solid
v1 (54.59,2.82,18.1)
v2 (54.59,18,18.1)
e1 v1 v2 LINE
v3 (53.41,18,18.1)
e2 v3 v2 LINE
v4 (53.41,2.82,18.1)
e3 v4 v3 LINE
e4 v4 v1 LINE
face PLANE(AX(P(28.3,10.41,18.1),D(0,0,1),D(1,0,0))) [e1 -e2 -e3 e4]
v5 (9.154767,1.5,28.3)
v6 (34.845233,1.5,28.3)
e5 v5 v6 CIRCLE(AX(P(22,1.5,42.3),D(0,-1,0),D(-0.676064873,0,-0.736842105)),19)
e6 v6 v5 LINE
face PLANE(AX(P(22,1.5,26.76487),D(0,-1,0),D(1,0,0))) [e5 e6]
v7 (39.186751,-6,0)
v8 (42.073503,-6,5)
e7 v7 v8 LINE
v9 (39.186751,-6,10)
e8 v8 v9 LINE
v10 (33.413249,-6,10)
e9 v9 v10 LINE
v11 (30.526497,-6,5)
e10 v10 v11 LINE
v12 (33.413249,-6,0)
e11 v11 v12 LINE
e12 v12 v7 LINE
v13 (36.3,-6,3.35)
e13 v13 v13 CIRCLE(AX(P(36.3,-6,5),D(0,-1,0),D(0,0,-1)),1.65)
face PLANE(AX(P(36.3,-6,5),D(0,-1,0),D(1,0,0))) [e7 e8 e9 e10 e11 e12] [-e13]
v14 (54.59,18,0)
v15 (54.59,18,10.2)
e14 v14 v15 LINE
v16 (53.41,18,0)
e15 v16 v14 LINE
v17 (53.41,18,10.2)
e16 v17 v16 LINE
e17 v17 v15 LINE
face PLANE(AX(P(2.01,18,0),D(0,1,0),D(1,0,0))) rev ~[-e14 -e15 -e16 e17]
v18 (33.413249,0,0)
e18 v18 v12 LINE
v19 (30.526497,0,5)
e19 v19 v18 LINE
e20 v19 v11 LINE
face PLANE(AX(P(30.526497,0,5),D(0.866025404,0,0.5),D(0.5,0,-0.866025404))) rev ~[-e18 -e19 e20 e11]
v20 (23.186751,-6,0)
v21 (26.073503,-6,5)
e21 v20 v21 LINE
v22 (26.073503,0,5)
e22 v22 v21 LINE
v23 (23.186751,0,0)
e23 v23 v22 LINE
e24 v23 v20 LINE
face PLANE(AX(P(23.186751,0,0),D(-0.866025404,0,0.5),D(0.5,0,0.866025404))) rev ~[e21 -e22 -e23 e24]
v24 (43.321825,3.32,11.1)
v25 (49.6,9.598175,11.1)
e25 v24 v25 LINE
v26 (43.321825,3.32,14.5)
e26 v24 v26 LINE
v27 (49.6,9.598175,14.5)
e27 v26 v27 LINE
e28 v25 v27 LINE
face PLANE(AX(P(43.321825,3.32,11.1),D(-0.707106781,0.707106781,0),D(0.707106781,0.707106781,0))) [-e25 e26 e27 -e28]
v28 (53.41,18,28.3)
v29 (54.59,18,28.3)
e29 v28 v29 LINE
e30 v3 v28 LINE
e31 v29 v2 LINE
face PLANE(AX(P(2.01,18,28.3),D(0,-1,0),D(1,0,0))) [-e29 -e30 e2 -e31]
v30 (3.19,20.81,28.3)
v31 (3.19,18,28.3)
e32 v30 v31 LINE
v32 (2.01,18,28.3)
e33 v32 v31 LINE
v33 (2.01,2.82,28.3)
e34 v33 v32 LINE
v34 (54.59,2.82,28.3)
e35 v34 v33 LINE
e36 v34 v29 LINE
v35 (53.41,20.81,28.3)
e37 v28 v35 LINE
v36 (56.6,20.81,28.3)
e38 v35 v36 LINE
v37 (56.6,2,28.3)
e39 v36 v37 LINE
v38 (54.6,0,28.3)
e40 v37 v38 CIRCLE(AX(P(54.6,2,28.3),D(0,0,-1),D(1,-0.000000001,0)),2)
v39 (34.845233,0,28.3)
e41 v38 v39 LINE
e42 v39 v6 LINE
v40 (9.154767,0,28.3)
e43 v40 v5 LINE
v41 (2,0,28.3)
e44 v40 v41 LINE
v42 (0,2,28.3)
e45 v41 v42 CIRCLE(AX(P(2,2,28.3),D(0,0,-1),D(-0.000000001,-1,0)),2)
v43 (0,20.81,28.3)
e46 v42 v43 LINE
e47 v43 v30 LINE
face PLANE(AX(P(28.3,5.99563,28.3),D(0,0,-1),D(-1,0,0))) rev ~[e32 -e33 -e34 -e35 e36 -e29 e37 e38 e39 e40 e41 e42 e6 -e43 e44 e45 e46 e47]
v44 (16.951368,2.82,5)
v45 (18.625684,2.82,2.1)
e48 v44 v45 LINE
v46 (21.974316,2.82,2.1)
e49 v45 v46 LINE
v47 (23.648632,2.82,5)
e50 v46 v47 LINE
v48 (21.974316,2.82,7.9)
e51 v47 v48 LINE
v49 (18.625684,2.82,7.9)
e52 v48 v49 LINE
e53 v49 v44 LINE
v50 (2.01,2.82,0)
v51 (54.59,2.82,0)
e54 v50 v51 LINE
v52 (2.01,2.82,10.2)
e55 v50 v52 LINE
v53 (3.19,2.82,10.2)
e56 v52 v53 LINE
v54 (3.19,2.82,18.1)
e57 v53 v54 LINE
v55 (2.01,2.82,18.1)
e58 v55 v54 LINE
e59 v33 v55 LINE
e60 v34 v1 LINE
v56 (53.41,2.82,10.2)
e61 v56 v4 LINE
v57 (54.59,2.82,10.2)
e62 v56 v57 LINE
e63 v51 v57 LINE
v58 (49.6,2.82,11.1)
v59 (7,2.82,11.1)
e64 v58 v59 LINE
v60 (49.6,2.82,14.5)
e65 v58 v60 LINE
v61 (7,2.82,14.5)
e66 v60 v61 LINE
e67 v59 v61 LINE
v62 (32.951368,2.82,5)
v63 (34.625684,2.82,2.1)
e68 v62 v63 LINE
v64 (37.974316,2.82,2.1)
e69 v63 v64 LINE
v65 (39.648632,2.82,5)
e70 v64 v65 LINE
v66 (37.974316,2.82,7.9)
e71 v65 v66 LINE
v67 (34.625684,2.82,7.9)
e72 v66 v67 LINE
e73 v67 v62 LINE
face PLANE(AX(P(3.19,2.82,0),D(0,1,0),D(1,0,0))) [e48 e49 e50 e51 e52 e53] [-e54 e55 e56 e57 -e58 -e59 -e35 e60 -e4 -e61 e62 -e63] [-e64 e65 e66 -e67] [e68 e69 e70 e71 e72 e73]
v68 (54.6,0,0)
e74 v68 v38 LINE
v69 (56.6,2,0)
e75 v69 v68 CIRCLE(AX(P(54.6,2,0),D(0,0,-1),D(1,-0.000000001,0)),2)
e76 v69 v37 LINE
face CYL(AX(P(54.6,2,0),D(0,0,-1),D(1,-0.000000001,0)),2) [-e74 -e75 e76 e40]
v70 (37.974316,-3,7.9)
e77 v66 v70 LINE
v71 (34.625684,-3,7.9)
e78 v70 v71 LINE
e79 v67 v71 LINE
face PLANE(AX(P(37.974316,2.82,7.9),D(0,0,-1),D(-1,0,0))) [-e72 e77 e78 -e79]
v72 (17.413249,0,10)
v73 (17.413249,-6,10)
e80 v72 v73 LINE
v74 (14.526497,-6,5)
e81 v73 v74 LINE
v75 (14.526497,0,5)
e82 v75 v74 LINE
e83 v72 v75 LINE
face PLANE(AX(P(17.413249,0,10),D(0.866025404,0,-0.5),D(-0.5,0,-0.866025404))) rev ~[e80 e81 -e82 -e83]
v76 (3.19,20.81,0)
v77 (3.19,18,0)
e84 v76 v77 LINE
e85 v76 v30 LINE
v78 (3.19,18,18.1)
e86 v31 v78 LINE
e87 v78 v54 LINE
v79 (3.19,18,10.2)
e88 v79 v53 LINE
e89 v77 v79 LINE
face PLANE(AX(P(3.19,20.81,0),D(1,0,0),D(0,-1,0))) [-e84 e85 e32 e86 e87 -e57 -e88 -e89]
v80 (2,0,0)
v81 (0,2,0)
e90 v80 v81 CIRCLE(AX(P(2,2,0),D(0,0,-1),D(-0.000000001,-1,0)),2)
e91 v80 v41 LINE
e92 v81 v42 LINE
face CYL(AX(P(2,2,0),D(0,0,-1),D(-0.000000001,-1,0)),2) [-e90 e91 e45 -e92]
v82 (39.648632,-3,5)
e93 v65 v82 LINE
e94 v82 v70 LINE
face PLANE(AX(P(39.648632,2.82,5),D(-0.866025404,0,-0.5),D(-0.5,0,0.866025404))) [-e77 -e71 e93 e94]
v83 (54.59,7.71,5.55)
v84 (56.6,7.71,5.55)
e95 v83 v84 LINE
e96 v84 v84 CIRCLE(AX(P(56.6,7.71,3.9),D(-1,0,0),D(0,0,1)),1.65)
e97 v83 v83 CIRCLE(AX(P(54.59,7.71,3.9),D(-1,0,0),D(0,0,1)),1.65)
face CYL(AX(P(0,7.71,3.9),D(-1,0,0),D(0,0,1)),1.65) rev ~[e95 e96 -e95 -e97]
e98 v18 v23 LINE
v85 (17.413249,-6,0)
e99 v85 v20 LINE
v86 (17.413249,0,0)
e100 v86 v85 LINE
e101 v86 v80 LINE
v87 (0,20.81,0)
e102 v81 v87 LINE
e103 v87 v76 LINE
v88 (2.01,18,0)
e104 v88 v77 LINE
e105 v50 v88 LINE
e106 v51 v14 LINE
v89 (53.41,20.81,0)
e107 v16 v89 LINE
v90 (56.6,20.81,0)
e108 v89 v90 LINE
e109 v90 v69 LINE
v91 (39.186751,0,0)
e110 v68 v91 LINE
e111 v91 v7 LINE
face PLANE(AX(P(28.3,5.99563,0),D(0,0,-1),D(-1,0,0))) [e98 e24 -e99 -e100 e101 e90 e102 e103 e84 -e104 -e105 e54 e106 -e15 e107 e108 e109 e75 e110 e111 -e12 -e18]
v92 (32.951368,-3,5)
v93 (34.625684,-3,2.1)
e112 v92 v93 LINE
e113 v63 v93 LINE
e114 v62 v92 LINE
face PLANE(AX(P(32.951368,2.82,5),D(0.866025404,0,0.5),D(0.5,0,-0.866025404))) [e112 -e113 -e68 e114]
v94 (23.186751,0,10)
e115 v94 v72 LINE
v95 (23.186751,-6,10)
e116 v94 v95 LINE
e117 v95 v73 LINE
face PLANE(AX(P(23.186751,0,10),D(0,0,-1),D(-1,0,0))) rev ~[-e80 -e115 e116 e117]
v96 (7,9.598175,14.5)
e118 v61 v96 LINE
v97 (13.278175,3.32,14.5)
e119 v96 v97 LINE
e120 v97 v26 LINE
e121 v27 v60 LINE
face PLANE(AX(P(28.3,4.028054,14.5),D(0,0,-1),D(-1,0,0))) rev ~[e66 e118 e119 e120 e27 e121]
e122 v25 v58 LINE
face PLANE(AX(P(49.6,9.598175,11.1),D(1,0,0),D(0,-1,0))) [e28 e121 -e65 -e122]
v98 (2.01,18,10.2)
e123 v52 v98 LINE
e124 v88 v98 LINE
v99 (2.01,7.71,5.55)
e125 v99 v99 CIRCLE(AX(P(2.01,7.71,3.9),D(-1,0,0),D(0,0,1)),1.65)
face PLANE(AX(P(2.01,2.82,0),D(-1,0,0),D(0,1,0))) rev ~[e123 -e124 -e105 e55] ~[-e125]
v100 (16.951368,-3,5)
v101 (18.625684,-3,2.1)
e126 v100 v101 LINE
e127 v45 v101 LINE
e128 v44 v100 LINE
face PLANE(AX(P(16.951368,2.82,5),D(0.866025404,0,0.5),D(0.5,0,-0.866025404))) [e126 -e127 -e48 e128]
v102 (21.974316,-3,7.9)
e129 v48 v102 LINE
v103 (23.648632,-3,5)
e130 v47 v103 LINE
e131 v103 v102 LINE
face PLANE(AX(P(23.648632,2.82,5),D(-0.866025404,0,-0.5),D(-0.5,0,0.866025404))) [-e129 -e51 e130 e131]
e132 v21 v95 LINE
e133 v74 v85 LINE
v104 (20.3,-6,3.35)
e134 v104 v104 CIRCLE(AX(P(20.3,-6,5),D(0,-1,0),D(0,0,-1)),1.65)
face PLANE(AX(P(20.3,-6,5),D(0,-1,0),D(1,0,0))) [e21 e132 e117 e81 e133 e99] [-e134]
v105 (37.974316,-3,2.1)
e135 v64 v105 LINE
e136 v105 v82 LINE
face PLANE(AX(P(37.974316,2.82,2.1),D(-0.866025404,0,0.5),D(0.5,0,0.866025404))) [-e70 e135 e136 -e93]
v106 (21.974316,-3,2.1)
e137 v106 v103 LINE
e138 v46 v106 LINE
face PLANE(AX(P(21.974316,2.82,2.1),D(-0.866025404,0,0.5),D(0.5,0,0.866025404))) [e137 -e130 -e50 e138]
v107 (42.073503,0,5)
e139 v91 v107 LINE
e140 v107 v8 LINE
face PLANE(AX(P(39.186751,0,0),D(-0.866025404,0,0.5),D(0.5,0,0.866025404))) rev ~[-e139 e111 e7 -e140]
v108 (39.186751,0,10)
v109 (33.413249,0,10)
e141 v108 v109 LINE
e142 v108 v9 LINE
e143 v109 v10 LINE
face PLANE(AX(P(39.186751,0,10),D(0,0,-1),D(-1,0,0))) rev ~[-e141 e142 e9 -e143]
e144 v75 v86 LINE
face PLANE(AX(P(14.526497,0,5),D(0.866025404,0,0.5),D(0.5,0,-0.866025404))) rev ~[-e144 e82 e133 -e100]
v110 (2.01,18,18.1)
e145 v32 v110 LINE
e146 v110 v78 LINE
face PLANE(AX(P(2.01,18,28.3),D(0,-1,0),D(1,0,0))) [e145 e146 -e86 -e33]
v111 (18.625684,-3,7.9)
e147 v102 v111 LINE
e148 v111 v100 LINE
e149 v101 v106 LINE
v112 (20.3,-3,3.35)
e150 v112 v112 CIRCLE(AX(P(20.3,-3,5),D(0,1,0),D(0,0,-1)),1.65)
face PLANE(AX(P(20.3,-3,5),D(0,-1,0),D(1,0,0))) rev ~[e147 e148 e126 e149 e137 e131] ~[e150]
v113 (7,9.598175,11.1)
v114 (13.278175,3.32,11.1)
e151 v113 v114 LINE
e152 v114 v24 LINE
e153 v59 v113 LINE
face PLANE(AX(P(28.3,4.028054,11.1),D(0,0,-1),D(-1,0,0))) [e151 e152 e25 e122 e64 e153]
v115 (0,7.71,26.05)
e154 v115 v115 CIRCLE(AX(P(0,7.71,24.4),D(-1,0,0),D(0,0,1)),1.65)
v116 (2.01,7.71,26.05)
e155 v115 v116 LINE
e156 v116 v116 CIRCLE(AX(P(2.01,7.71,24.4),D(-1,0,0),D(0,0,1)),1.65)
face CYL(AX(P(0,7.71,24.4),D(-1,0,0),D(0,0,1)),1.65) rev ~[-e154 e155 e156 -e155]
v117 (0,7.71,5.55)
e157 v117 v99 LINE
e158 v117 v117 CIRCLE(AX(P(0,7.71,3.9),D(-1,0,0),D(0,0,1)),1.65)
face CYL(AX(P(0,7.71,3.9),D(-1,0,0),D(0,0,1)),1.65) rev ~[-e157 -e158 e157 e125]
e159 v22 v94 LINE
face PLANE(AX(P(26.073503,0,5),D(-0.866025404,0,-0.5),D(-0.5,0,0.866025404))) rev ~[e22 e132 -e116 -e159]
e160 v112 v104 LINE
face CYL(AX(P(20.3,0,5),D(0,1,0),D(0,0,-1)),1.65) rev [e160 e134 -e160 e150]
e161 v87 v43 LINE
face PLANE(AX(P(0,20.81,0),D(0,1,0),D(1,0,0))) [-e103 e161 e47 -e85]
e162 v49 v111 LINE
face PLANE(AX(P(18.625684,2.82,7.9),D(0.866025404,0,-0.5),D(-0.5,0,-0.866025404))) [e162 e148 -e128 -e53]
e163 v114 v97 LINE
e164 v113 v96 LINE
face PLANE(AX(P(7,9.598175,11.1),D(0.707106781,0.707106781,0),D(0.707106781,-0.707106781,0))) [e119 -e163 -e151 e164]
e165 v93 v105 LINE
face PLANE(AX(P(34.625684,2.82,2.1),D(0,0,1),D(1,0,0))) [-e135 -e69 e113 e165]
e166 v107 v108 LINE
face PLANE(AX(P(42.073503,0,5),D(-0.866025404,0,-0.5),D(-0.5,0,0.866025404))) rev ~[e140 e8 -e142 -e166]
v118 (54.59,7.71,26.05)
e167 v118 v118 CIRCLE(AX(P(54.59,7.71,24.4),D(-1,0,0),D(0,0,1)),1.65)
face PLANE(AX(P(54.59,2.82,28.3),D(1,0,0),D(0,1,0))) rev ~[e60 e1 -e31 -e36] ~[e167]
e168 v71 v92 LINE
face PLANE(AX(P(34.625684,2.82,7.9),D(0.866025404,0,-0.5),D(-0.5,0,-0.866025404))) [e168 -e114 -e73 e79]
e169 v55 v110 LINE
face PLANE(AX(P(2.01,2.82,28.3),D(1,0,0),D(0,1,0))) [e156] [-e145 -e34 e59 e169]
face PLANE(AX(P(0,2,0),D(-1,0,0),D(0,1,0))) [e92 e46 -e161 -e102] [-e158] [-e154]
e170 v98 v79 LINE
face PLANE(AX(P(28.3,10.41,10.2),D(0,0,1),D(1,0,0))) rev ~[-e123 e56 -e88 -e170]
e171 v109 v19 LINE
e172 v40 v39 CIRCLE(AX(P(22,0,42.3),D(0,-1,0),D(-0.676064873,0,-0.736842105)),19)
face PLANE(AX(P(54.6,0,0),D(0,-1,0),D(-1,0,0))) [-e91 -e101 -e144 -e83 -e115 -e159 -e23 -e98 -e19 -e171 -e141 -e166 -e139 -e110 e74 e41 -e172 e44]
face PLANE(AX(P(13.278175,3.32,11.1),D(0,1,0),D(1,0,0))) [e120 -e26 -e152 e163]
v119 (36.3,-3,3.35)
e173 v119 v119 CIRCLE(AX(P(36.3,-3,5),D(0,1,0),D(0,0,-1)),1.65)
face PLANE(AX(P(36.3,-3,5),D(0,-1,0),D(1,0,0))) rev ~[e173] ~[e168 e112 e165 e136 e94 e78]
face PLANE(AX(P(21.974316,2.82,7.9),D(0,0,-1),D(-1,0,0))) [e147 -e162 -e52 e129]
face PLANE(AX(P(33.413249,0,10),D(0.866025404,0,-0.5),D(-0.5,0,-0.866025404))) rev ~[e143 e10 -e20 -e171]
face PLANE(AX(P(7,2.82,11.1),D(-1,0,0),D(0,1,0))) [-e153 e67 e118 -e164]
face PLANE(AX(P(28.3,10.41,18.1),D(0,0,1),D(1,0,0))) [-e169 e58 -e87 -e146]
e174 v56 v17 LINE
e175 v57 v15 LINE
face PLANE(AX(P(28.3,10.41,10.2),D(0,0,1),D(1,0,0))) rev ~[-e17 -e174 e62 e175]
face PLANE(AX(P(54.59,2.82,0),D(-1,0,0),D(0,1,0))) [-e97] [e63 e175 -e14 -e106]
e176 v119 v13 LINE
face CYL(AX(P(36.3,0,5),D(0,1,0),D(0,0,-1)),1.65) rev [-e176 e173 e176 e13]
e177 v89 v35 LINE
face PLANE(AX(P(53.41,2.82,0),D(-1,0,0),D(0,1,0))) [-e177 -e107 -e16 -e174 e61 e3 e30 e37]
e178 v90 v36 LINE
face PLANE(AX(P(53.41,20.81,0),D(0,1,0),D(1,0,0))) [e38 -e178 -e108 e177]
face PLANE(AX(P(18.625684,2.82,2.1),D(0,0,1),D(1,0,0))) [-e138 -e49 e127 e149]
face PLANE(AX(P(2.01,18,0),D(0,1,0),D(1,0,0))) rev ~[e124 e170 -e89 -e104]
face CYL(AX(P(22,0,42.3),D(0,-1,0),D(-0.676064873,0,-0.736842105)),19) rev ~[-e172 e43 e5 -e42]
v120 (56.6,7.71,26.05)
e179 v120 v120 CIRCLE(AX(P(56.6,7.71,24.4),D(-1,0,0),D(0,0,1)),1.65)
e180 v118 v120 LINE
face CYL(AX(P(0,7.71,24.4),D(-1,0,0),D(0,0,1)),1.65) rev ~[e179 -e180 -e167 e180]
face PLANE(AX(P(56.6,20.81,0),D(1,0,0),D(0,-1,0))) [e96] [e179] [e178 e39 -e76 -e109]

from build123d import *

# Parameters (mm, degrees)
BOSS_EXTRUDE1_DEPTH = 28.3
SKETCH2_W           = 52.58
SKETCH2_H           = 15.18
CUT_EXTRUDE1_DEPTH  = 10.2
CUT_EXTRUDE2_START  = 28.3
SKETCH2_2_W         = 52.58
SKETCH2_2_H         = 15.18
CUT_EXTRUDE2_DEPTH  = 10.2
CUT_EXTRUDE3_REACH  = 68.615
SKETCH3_R           = 1.65
BOSS_EXTRUDE2_START = 11.1
BOSS_EXTRUDE2_DEPTH = 3.4
CUT_EXTRUDE4_DEPTH  = 1.5
SKETCH6_R           = 1.65
BOSS_EXTRUDE3_DEPTH = 6
CUT_EXTRUDE5_START  = -8.82
CUT_EXTRUDE5_DEPTH  = 5.82


with BuildPart() as part:
    # Sketch1 → Boss-Extrude1 (new body)
    with BuildSketch(Plane.XY):
        with BuildLine():
            Line((0, 20.81), (3.19, 20.81))
            Line((3.19, 20.81), (3.19, 2.82))
            Line((3.19, 2.82), (53.41, 2.82))
            Line((53.41, 2.82), (53.41, 20.81))
            Line((53.41, 20.81), (56.6, 20.81))
            Line((56.6, 20.81), (56.6, 2))
            ThreePointArc((56.6, 2), (56.014213562, 0.585786438), (54.6, 0))
            Line((54.6, 0), (2, 0))
            ThreePointArc((2, 0), (0.585786438, 0.585786438), (0, 2))
            Line((0, 2), (0, 20.81))
        make_face()
    extrude(amount=BOSS_EXTRUDE1_DEPTH)

    # Sketch2 → Cut-Extrude1 (cut)
    with BuildSketch(Plane.XY):
        with Locations((28.3, 10.41)):
            Rectangle(SKETCH2_W, SKETCH2_H)
    extrude(amount=CUT_EXTRUDE1_DEPTH, mode=Mode.SUBTRACT)

    # Sketch2<2> → Cut-Extrude2 (cut)
    with BuildSketch(Plane.XY.offset(CUT_EXTRUDE2_START)):
        with Locations((28.3, 10.41)):
            Rectangle(SKETCH2_2_W, SKETCH2_2_H)
    extrude(amount=-CUT_EXTRUDE2_DEPTH, mode=Mode.SUBTRACT)

    # Cut-Extrude3: up to this face of the body (flat: up to its plane)
    cut_extrude3_end = Plane(part.part.faces().sort_by_distance((56.6, 11.405, 14.15))[0])
    # Sketch3 → Cut-Extrude3 (cut, up to the picked face)
    with BuildSketch(Plane.ZY, mode=Mode.PRIVATE) as cut_extrude3_sk1:
        with Locations((3.9, 7.71)):
            Circle(SKETCH3_R)
    cut_extrude3_tool1 = split(extrude(cut_extrude3_sk1.sketch, amount=-CUT_EXTRUDE3_REACH, mode=Mode.PRIVATE), bisect_by=cut_extrude3_end, keep=Keep.BOTH, mode=Mode.PRIVATE)
    # Sketch3 → Cut-Extrude3 (cut, up to the picked face)
    with BuildSketch(Plane.ZY, mode=Mode.PRIVATE) as cut_extrude3_sk2:
        with Locations((24.4, 7.71)):
            Circle(SKETCH3_R)
    cut_extrude3_tool2 = split(extrude(cut_extrude3_sk2.sketch, amount=-CUT_EXTRUDE3_REACH, mode=Mode.PRIVATE), bisect_by=cut_extrude3_end, keep=Keep.BOTH, mode=Mode.PRIVATE)
    add(cut_extrude3_tool1.solids().sort_by(Axis((0, 7.71, 3.9), (1, 0, 0)))[0], mode=Mode.SUBTRACT)
    add(cut_extrude3_tool2.solids().sort_by(Axis((0, 7.71, 24.4), (1, 0, 0)))[0], mode=Mode.SUBTRACT)

    # Sketch4 → Boss-Extrude2 (add)
    with BuildSketch(Plane.XY.offset(BOSS_EXTRUDE2_START)):
        Polygon((7, 9.598174593), (13.278174593, 3.32), (43.321825407, 3.32), (49.6, 9.598174593), (49.6, 2.82), (7, 2.82), align=None)
    extrude(amount=BOSS_EXTRUDE2_DEPTH)

    # Sketch5 → Cut-Extrude4 (cut)
    with BuildSketch(Plane.XZ):
        with BuildLine():
            Line((34.845232579, 28.3), (9.154767421, 28.3))
            ThreePointArc((9.154767421, 28.3), (22, 23.3), (34.845232579, 28.3))
        make_face()
    extrude(amount=-CUT_EXTRUDE4_DEPTH, mode=Mode.SUBTRACT)

    # Sketch6 → Boss-Extrude3 (add)
    # profile 1 of 2: a face of its own
    with BuildSketch(Plane.XZ):
        Polygon((26.073502692, 5), (23.186751346, 10), (17.413248654, 10), (14.526497308, 5), (17.413248654, 0), (23.186751346, 0), align=None)
        with Locations(Location((20.3, 5, 0), (0, 0, 270))):
            Circle(SKETCH6_R, mode=Mode.SUBTRACT)
    # profile 2 of 2: a face of its own
    with BuildSketch(Plane.XZ):
        Polygon((42.073502692, 5), (39.186751346, 10), (33.413248654, 10), (30.526497308, 5), (33.413248654, 0), (39.186751346, 0), align=None)
        with Locations(Location((36.3, 5, 0), (0, 0, 270))):
            Circle(SKETCH6_R, mode=Mode.SUBTRACT)
    extrude(amount=BOSS_EXTRUDE3_DEPTH)

    # Sketch8 → Cut-Extrude5 (cut)
    with BuildSketch(Plane.XZ.offset(6).offset(CUT_EXTRUDE5_START)):
        Polygon((23.648631561, 5), (21.974315781, 7.9), (18.625684219, 7.9), (16.951368439, 5), (18.625684219, 2.1), (21.974315781, 2.1), align=None)
        Polygon((39.648631561, 5), (37.974315781, 7.9), (34.625684219, 7.9), (32.951368439, 5), (34.625684219, 2.1), (37.974315781, 2.1), align=None)
    extrude(amount=CUT_EXTRUDE5_DEPTH, mode=Mode.SUBTRACT)


solid = part.part
